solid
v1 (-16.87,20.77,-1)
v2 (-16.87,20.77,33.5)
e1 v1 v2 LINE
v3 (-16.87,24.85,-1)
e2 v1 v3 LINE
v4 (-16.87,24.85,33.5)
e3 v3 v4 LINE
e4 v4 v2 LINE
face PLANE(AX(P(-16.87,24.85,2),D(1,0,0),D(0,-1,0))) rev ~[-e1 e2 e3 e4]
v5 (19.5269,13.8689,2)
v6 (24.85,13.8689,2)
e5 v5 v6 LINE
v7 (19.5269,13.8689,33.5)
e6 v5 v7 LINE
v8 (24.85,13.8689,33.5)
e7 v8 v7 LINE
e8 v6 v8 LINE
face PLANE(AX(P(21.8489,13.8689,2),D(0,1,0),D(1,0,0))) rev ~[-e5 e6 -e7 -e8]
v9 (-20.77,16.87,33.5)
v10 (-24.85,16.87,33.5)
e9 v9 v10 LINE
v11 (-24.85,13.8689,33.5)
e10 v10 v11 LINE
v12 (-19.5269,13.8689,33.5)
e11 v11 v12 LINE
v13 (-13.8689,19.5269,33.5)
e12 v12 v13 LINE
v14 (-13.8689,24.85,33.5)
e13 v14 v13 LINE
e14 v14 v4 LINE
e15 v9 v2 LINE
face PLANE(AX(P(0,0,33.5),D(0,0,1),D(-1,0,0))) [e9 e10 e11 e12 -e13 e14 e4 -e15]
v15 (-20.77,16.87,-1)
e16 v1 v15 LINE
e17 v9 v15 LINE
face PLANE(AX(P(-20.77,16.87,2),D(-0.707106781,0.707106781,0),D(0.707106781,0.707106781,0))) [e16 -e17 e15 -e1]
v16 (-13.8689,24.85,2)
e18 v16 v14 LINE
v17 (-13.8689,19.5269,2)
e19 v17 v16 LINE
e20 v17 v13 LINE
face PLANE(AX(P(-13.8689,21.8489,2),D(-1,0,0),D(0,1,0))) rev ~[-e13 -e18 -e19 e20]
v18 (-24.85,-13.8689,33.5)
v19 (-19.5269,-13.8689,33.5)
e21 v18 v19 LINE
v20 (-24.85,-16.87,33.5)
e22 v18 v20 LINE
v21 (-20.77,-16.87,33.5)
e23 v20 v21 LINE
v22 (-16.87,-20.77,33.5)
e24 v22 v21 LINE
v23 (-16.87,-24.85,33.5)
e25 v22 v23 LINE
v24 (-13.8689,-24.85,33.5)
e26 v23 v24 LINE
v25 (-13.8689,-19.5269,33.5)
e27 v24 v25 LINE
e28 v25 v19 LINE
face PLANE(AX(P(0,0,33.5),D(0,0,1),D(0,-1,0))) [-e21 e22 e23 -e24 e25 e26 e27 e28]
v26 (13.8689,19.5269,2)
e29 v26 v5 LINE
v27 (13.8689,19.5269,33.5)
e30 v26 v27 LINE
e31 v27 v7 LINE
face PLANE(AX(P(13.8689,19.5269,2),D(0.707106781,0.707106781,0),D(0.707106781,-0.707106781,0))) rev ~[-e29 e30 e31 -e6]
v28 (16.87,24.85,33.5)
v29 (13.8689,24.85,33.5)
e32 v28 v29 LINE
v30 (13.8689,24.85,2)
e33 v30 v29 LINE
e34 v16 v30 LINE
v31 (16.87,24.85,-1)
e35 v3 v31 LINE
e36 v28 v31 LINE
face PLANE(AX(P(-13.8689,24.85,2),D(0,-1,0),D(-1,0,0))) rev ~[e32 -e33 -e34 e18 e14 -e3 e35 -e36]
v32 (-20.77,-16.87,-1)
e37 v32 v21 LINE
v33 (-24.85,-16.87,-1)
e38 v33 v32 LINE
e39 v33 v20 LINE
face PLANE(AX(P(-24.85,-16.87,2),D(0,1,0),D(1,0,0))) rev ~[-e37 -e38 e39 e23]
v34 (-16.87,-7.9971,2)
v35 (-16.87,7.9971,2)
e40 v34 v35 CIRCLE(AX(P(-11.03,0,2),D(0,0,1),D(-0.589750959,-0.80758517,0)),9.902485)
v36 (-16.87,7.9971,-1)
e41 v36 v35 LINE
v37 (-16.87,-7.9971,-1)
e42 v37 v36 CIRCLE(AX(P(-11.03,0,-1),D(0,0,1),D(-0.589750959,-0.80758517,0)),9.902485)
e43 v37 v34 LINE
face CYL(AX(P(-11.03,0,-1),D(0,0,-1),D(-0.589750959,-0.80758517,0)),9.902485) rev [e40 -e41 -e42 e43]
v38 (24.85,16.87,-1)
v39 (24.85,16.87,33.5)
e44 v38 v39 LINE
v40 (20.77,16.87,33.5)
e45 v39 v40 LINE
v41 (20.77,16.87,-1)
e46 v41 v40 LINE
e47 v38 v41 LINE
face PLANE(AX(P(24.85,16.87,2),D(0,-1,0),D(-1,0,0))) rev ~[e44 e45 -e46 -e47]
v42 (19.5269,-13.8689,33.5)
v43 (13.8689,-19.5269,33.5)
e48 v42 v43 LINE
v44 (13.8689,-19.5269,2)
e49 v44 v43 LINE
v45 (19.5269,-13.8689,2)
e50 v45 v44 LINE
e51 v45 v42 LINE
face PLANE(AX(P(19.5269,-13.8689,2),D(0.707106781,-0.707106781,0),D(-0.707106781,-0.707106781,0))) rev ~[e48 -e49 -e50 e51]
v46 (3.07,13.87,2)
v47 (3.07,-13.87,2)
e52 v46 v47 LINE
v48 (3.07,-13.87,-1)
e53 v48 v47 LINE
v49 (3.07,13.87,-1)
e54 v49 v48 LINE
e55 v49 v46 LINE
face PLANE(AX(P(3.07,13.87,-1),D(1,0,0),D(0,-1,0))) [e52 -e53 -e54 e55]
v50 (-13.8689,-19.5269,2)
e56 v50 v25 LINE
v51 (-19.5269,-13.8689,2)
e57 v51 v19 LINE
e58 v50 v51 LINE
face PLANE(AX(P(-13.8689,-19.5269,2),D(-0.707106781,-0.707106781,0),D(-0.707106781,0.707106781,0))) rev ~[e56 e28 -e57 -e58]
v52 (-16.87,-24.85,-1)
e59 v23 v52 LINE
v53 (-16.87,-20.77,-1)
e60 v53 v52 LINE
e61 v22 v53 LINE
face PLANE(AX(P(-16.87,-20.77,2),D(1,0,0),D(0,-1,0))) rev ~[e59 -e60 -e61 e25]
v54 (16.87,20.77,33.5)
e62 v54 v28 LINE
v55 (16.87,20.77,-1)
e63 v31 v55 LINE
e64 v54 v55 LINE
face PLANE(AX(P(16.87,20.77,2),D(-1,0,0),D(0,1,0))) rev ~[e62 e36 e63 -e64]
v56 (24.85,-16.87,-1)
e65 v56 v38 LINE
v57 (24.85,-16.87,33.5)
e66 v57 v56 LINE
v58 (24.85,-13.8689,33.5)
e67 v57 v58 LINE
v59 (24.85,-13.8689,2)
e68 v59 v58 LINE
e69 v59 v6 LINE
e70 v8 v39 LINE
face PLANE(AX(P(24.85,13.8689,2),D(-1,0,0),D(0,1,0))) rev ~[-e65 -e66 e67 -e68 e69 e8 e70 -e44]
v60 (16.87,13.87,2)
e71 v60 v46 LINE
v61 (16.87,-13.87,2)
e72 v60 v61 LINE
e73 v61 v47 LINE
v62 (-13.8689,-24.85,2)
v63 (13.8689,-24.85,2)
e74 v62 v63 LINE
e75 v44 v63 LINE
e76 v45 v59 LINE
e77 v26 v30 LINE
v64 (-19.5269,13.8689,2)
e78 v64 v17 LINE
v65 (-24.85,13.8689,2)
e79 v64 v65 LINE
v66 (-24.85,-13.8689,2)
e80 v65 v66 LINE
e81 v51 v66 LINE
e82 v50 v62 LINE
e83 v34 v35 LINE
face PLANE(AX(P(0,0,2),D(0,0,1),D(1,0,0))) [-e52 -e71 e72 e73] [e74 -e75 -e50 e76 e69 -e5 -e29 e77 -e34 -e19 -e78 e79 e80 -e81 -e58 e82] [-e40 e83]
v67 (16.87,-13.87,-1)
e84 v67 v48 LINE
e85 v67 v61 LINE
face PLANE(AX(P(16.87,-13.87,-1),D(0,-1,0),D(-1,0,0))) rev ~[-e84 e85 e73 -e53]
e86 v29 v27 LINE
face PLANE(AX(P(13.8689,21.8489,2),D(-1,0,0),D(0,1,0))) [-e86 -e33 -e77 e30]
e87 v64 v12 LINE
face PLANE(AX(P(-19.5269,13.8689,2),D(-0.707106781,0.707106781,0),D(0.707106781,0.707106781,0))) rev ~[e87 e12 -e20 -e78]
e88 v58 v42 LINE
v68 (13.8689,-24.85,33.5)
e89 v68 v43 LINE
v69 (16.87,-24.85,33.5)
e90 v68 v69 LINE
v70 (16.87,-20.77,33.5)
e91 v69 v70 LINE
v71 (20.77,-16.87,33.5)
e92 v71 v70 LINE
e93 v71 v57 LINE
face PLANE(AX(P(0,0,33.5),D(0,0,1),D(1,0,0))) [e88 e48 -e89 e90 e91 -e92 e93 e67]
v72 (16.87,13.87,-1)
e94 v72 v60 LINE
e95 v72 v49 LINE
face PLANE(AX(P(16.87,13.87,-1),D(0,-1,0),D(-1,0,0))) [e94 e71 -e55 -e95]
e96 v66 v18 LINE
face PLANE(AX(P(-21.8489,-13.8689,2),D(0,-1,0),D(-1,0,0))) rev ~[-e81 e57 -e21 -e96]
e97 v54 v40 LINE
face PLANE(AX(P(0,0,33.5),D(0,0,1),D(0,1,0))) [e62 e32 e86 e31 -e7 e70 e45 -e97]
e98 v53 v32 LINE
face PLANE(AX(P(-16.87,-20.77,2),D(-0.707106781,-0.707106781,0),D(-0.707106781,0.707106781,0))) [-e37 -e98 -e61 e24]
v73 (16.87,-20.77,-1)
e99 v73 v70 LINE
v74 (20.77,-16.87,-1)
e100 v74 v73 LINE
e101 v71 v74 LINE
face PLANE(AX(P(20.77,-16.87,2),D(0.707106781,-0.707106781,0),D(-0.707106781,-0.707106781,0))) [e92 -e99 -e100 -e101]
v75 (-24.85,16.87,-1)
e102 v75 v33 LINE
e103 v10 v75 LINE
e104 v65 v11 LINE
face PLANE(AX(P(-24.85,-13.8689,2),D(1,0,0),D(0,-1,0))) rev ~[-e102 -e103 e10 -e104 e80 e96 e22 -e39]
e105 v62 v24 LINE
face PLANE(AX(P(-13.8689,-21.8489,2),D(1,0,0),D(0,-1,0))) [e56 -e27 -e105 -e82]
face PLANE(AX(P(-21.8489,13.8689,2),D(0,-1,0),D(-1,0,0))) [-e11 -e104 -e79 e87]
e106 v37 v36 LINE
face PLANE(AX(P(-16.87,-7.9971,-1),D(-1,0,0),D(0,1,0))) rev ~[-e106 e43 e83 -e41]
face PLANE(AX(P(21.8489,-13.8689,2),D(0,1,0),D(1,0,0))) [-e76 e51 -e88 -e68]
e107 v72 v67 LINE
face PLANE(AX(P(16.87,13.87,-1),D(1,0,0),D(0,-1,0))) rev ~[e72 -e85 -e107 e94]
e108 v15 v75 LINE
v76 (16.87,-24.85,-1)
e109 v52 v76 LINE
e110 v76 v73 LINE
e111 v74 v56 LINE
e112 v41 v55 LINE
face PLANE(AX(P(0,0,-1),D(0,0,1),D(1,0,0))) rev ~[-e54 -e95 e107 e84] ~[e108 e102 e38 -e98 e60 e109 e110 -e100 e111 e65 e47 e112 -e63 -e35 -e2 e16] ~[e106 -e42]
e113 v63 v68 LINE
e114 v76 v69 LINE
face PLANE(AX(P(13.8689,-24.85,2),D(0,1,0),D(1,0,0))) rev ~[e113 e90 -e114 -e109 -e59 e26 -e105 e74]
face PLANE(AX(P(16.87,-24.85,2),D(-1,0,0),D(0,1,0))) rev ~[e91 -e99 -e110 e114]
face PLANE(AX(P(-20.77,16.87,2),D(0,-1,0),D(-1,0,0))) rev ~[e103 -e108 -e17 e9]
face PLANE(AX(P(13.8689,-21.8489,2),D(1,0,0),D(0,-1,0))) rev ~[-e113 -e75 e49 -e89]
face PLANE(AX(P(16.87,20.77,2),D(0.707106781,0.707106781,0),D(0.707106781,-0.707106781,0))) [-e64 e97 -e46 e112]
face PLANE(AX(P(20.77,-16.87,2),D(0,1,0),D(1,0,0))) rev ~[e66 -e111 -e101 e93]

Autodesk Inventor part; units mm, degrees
ref_plane "YZ Plane" through (0, 0, 0) normal (1, 0, 0) x (0, 1, 0)
ref_plane "XZ Plane" through (0, 0, 0) normal (0, 1, 0) x (-1, 0, 0)
ref_plane "Work Plane1" through (0, 0, -1) normal (0, 0, 1) x (1, 0, 0)
sketch "Sketch1" plane through (0, 0, -1) normal (0, 0, 1) x (1, 0, 0)
  arc A0 (24.85, 22.85) -> (22.85, 24.85) centre (22.85, 22.85) ccw construction
  line L0 (22.85, 24.85) -> (-16.97, 24.85) construction
  line L1 (-16.97, 24.85) -> (-16.97, 21.15) construction
  line L2 (-16.97, 21.15) -> (16.97, 21.15) construction
  line L3 (16.97, 16.97) -> (16.97, 21.15) construction
  line L4 (21.15, 16.97) -> (16.97, 16.97) construction
  line L5 (21.15, 16.97) -> (21.15, -16.97) construction
  line L6 (21.15, -16.97) -> (24.85, -16.97) construction
  line L7 (24.85, -16.97) -> (24.85, 22.85) construction
  line L8 (23.75, 23.25) -> (23.75, 18.15) construction
  arc A1 (23.25, 17.65) -> (23.75, 18.15) centre (23.25, 18.15) ccw construction
  line L9 (23.25, 17.65) -> (20.8937, 17.65) construction
  arc A2 (20.5239, 17.8134) -> (20.8937, 17.65) centre (20.8937, 18.15) ccw construction
  line L10 (20.5239, 17.8134) -> (17.7803, 20.8273) construction
  arc A3 (17.65, 21.1639) -> (17.7803, 20.8273) centre (18.15, 21.1639) ccw construction
  line L11 (17.65, 21.1639) -> (17.65, 23.25) construction
  arc A4 (18.15, 23.75) -> (17.65, 23.25) centre (18.15, 23.25) ccw construction
  line L12 (18.15, 23.75) -> (23.25, 23.75) construction
  arc A5 (23.75, 23.25) -> (23.25, 23.75) centre (23.25, 23.25) ccw construction
  arc A6 (-24.85, -22.85) -> (-22.85, -24.85) centre (-22.85, -22.85) ccw construction
  line L13 (-22.85, -24.85) -> (16.97, -24.85) construction
  line L14 (16.97, -24.85) -> (16.97, -21.15) construction
  line L15 (16.97, -21.15) -> (-16.97, -21.15) construction
  line L16 (-16.97, -16.97) -> (-16.97, -21.15) construction
  line L17 (-21.15, -16.97) -> (-16.97, -16.97) construction
  line L18 (-21.15, -16.97) -> (-21.15, 16.97) construction
  line L19 (-21.15, 16.97) -> (-24.85, 16.97) construction
  line L20 (-24.85, 16.97) -> (-24.85, -22.85) construction
  line L21 (-20.8273, -17.7803) -> (-17.8134, -20.5239) construction
  arc A7 (-17.65, -20.8937) -> (-17.8134, -20.5239) centre (-18.15, -20.8937) ccw construction
  line L22 (-17.65, -20.8937) -> (-17.65, -23.25) construction
  arc A8 (-18.15, -23.75) -> (-17.65, -23.25) centre (-18.15, -23.25) ccw construction
  line L23 (-18.15, -23.75) -> (-23.25, -23.75) construction
  arc A9 (-23.75, -23.25) -> (-23.25, -23.75) centre (-23.25, -23.25) ccw construction
  line L24 (-23.75, -23.25) -> (-23.75, -18.15) construction
  arc A10 (-23.25, -17.65) -> (-23.75, -18.15) centre (-23.25, -18.15) ccw construction
  line L25 (-23.25, -17.65) -> (-21.1639, -17.65) construction
  arc A11 (-20.8273, -17.7803) -> (-21.1639, -17.65) centre (-21.1639, -18.15) ccw construction
  arc A12 (-22.85, 24.85) -> (-24.85, 22.85) centre (-22.85, 22.85) ccw construction
  line L26 (-22.85, 24.85) -> (16.97, 24.85) construction
  line L27 (16.97, 24.85) -> (16.97, 21.15) construction
  line L28 (16.97, 21.15) -> (-16.97, 21.15) construction
  line L29 (-16.97, 16.97) -> (-16.97, 21.15) construction
  line L30 (-21.15, 16.97) -> (-16.97, 16.97) construction
  line L31 (-21.15, 16.97) -> (-21.15, -16.97) construction
  line L32 (-21.15, -16.97) -> (-24.85, -16.97) construction
  line L33 (-24.85, -16.97) -> (-24.85, 22.85) construction
  line L34 (-20.8273, 17.7803) -> (-17.8134, 20.5239) construction
  arc A13 (-17.8134, 20.5239) -> (-17.65, 20.8937) centre (-18.15, 20.8937) ccw construction
  line L35 (-17.65, 20.8937) -> (-17.65, 23.25) construction
  arc A14 (-17.65, 23.25) -> (-18.15, 23.75) centre (-18.15, 23.25) ccw construction
  line L36 (-18.15, 23.75) -> (-23.25, 23.75) construction
  arc A15 (-23.25, 23.75) -> (-23.75, 23.25) centre (-23.25, 23.25) ccw construction
  line L37 (-23.75, 23.25) -> (-23.75, 18.15) construction
  arc A16 (-23.75, 18.15) -> (-23.25, 17.65) centre (-23.25, 18.15) ccw construction
  line L38 (-23.25, 17.65) -> (-21.1639, 17.65) construction
  arc A17 (-21.1639, 17.65) -> (-20.8273, 17.7803) centre (-21.1639, 18.15) ccw construction
  arc A18 (22.85, -24.85) -> (24.85, -22.85) centre (22.85, -22.85) ccw construction
  line L39 (22.85, -24.85) -> (-16.97, -24.85) construction
  line L40 (-16.97, -24.85) -> (-16.97, -21.15) construction
  line L41 (-16.97, -21.15) -> (16.97, -21.15) construction
  line L42 (16.97, -16.97) -> (16.97, -21.15) construction
  line L43 (21.15, -16.97) -> (16.97, -16.97) construction
  line L44 (21.15, -16.97) -> (21.15, 16.97) construction
  line L45 (21.15, 16.97) -> (24.85, 16.97) construction
  line L46 (24.85, 16.97) -> (24.85, -22.85) construction
  line L47 (23.75, -23.25) -> (23.75, -18.15) construction
  arc A19 (23.75, -18.15) -> (23.25, -17.65) centre (23.25, -18.15) ccw construction
  line L48 (23.25, -17.65) -> (20.8937, -17.65) construction
  arc A20 (20.8937, -17.65) -> (20.5239, -17.8134) centre (20.8937, -18.15) ccw construction
  line L49 (20.5239, -17.8134) -> (17.7803, -20.8273) construction
  arc A21 (17.7803, -20.8273) -> (17.65, -21.1639) centre (18.15, -21.1639) ccw construction
  line L50 (17.65, -21.1639) -> (17.65, -23.25) construction
  arc A22 (17.65, -23.25) -> (18.15, -23.75) centre (18.15, -23.25) ccw construction
  line L51 (18.15, -23.75) -> (23.25, -23.75) construction
  arc A23 (23.25, -23.75) -> (23.75, -23.25) centre (23.25, -23.25) ccw construction
  line L52 (24.85, 16.87) -> (16.87, 16.87)
  line L53 (16.87, 16.87) -> (16.87, -16.87)
  line L54 (16.87, -16.87) -> (24.85, -16.87)
  line L55 (24.85, -16.87) -> (24.85, 16.87)
  line L56 (-16.87, 24.85) -> (16.87, 24.85)
  line L57 (16.87, 24.85) -> (16.87, 13.87)
  line L58 (16.87, 13.87) -> (-16.87, 13.87)
  line L59 (-16.87, 13.87) -> (-16.87, 24.85)
  line L60 (-16.87, 16.87) -> (-24.85, 16.87)
  line L61 (-24.85, 16.87) -> (-24.85, -16.87)
  line L62 (-24.85, -16.87) -> (-16.87, -16.87)
  line L63 (-16.87, -16.87) -> (-16.87, 16.87)
  line L64 (-16.87, -24.85) -> (16.87, -24.85)
  line L65 (16.87, -24.85) -> (16.87, -13.87)
  line L66 (16.87, -13.87) -> (-16.87, -13.87)
  line L67 (-16.87, -13.87) -> (-16.87, -24.85)
  arc A24 (12.6573, -5.8482) -> (12.7994, -6.05) centre (12.9383, -5.8013) ccw construction
  line L68 (12.7994, -6.05) -> (16.97, -6.05) construction
  line L69 (16.97, -6.05) -> (16.97, 6.05) construction
  line L70 (12.7994, 6.05) -> (16.97, 6.05) construction
  arc A25 (12.7994, 6.05) -> (12.6573, 5.8482) centre (12.9383, 5.8013) ccw construction
  arc A26 (12.2641, 5.5514) -> (12.6573, 5.8482) centre (11.7553, 6.6343) ccw construction
  arc A27 (12.2641, 5.5514) -> (12.1529, 5.425) centre (12.3846, 5.3332) ccw construction
  line L71 (12.1141, 4.928) -> (12.1529, 5.425) construction
  arc A28 (11.8955, 4.7) -> (12.1141, 4.928) centre (11.8656, 4.9475) ccw construction
  line L72 (11.4444, 4.7) -> (11.8955, 4.7) construction
  arc A29 (11.1961, 4.9275) -> (11.4444, 4.7) centre (11.4444, 4.9493) ccw construction
  line L73 (11.1642, 5.293) -> (11.1961, 4.9275) construction
  arc A30 (11.1642, 5.293) -> (11.0112, 5.5514) centre (10.9164, 5.3208) ccw construction
  arc A31 (10.4933, 5.8954) -> (11.0112, 5.5514) centre (11.4026, 6.7024) ccw construction
  arc A32 (10.4933, 5.8954) -> (10.27, 6.05) centre (10.2627, 5.8008) ccw construction
  line L74 (9.67, 6.05) -> (10.27, 6.05) construction
  line L75 (9.17, 5.55) -> (9.67, 6.05) construction
  line L76 (9.17, 5.55) -> (9.17, -5.55) construction
  line L77 (9.17, -5.55) -> (9.67, -6.05) construction
  line L78 (9.67, -6.05) -> (10.27, -6.05) construction
  arc A33 (10.27, -6.05) -> (10.4933, -5.8954) centre (10.2627, -5.8008) ccw construction
  arc A34 (11.0112, -5.5514) -> (10.4933, -5.8954) centre (11.4026, -6.7024) ccw construction
  arc A35 (11.0112, -5.5514) -> (11.1642, -5.293) centre (10.9164, -5.3208) ccw construction
  line L79 (11.1642, -5.293) -> (11.1961, -4.9275) construction
  arc A36 (11.4444, -4.7) -> (11.1961, -4.9275) centre (11.4444, -4.9493) ccw construction
  line L80 (11.4444, -4.7) -> (11.8955, -4.7) construction
  arc A37 (12.1141, -4.928) -> (11.8955, -4.7) centre (11.8656, -4.9475) ccw construction
  line L81 (12.1141, -4.928) -> (12.1529, -5.425) construction
  arc A38 (12.1529, -5.425) -> (12.2641, -5.5514) centre (12.3846, -5.3332) ccw construction
  arc A39 (12.6573, -5.8482) -> (12.2641, -5.5514) centre (11.7553, -6.6343) ccw construction
  circle A40 centre (-22.53, 11.5) radius 1.025 construction
  circle A41 centre (-22.53, -11.5) radius 1.025 construction
  line L82 (-11.03, -14.1) -> (-11.03, -12.75) construction
  arc A42 (-11.03, 12.75) -> (-11.03, -12.75) centre (-11.03, 0) ccw construction
  line L83 (-11.03, 12.75) -> (-11.03, 14.1) construction
  line L84 (-11.03, 14.1) -> (-22.53, 14.1) construction
  arc A43 (-22.53, 14.1) -> (-25.13, 11.5) centre (-22.53, 11.5) ccw construction
  line L85 (-25.13, 11.5) -> (-25.13, -11.5) construction
  arc A44 (-25.13, -11.5) -> (-22.53, -14.1) centre (-22.53, -11.5) ccw construction
  line L86 (-22.53, -14.1) -> (-11.03, -14.1) construction
  circle A45 centre (-11.03, 0) radius 12.75 construction
  circle A46 centre (0.47, 11.5) radius 1.025 construction
  circle A47 centre (0.47, -11.5) radius 1.025 construction
  circle A48 centre (-22.53, -11.5) radius 1.025 construction
  circle A49 centre (-22.53, 11.5) radius 1.025 construction
  line L87 (-22.53, -14.1) -> (0.47, -14.1) construction
  arc A50 (-25.13, -11.5) -> (-22.53, -14.1) centre (-22.53, -11.5) ccw construction
  line L88 (-25.13, 11.5) -> (-25.13, -11.5) construction
  arc A51 (-22.53, 14.1) -> (-25.13, 11.5) centre (-22.53, 11.5) ccw construction
  line L89 (0.47, 14.1) -> (-22.53, 14.1) construction
  arc A52 (3.07, 11.5) -> (0.47, 14.1) centre (0.47, 11.5) ccw construction
  line L90 (3.07, -11.5) -> (3.07, 11.5) construction
  arc A53 (0.47, -14.1) -> (3.07, -11.5) centre (0.47, -11.5) ccw construction
  line L91 (-16.87, 13.87) -> (3.07, 13.87)
  line L92 (3.07, 13.87) -> (3.07, -13.87)
  line L93 (3.07, -13.87) -> (-16.87, -13.87)
  line L94 (-16.87, -13.87) -> (-16.87, 13.87)
  circle A54 centre (-11.03, 0) radius 2.75 construction
  arc A55 (-16.87, -7.9971) -> (-16.87, 7.9971) centre (-11.03, 0) ccw
  line L95 (-16.87, 7.9971) -> (-16.87, -7.9971)
  point P0 (0, 0)
  dimension "d1" = 0.1
  dimension "d2" = 0.1
  dimension "d3" = 0.1
  dimension "d4" = 0.1
  dimension "d5" = 0.1
  dimension "d6" = 3
  dimension "d7" = 3
extrude "Extrusion1" add sketch "Sketch1" along normal blind 3 contours L55 L54 L53 L52 | L53 L58 L59 L56 L57 | L65 L64 L67 L63 L66 L53 | L92 L66 L63 A55 L58 | L63 L62 L61 L60 L59
chamfer "Chamfer1" distance 3.9 angle 45 4 edges at (16.87, -16.87, 0.5) (-16.87, -16.87, 0.5) (-16.87, 16.87, 0.5) (16.87, 16.87, 0.5)
sketch "Sketch2" plane through (0, 0, 2) normal (0, 0, 1) x (1, 0, 0)
  line L0 (3.07, 13.87) -> (16.87, 13.87) projected
  line L1 (16.87, 13.87) -> (16.87, -13.87) projected
  line L2 (16.87, -13.87) -> (3.07, -13.87) projected
  line L3 (-16.87, -20.77) -> (-16.87, -24.85) projected
  line L4 (-16.87, -24.85) -> (16.87, -24.85) projected
  line L5 (16.87, -24.85) -> (16.87, -20.77) projected
  line L6 (20.77, -16.87) -> (16.87, -20.77) projected
  line L7 (20.77, -16.87) -> (24.85, -16.87) projected
  line L8 (24.85, -16.87) -> (24.85, 16.87) projected
  line L9 (24.85, 16.87) -> (20.77, 16.87) projected
  line L10 (16.87, 20.77) -> (20.77, 16.87) projected
  line L11 (16.87, 20.77) -> (16.87, 24.85) projected
  line L12 (16.87, 24.85) -> (-16.87, 24.85) projected
  line L13 (-16.87, 24.85) -> (-16.87, 20.77) projected
  line L14 (-20.77, 16.87) -> (-16.87, 20.77) projected
  line L15 (-20.77, 16.87) -> (-24.85, 16.87) projected
  line L16 (-24.85, 16.87) -> (-24.85, -16.87) projected
  line L17 (-24.85, -16.87) -> (-20.77, -16.87) projected
  line L18 (-16.87, -20.77) -> (-20.77, -16.87) projected
  line L19 (13.8689, -19.5269) -> (13.8689, -21.8489)
  line L20 (-13.8689, -21.8489) -> (-13.8689, -19.5269)
  line L21 (-13.8689, -19.5269) -> (-19.5269, -13.8689)
  line L22 (-19.5269, -13.8689) -> (-21.8489, -13.8689)
  line L23 (-21.8489, 13.8689) -> (-19.5269, 13.8689)
  line L24 (-19.5269, 13.8689) -> (-13.8689, 19.5269)
  line L25 (-13.8689, 19.5269) -> (-13.8689, 21.8489)
  line L26 (13.8689, 21.8489) -> (13.8689, 19.5269)
  line L27 (13.8689, 19.5269) -> (19.5269, 13.8689)
  line L28 (19.5269, 13.8689) -> (21.8489, 13.8689)
  line L29 (21.8489, -13.8689) -> (19.5269, -13.8689)
  line L30 (19.5269, -13.8689) -> (13.8689, -19.5269)
  line L31 (13.8689, -21.8489) -> (13.8689, -24.85)
  line L32 (16.87, -24.85) -> (-16.87, -24.85) projected
  line L33 (21.8489, -13.8689) -> (24.85, -13.8689)
  line L34 (24.85, -16.87) -> (24.85, 16.87) projected
  line L35 (21.8489, 13.8689) -> (24.85, 13.8689)
  line L36 (13.8689, 21.8489) -> (13.8689, 24.85)
  line L37 (-13.8689, 21.8489) -> (-13.8689, 24.85)
  line L38 (-21.8489, 13.8689) -> (-24.85, 13.8689)
  line L39 (-21.8489, -13.8689) -> (-24.85, -13.8689)
  line L40 (-13.8689, -21.8489) -> (-13.8689, -24.85)
  line L41 (13.8689, -21.8489) -> (11.5469, -21.8489)
  line L42 (-11.5469, -21.8489) -> (-13.8689, -21.8489)
  line L43 (21.8489, 13.8689) -> (21.8489, 11.5469)
  line L44 (21.8489, -11.5469) -> (21.8489, -13.8689)
  line L45 (-21.8489, -13.8689) -> (-21.8489, -11.5469)
  line L46 (-21.8489, 11.5469) -> (-21.8489, 13.8689)
  line L47 (-13.8689, 21.8489) -> (-11.5469, 21.8489)
  line L48 (11.5469, 21.8489) -> (13.8689, 21.8489)
  line L49 (3.07, -13.87) -> (3.07, 13.87) projected
  point P0 (0, 0)
  dimension "d13" = 3.0011
ref_plane "Work Plane2" through (-16.97, -24.85, 34.1) normal (0, 0, -1) x (0, 1, 0)
extrude "Extrusion2" add sketch "Sketch2" along normal blind 31.5 contours L31 L19 L30 L29 L33 L8 L7 L6 L5 L4
pattern_circular "Circular Pattern1" count 4 over 360 about axis through (0, 0, 146.63) along (0, 0, -1) of "Extrusion2"
ref_plane "Work Plane9" through (-16.87, 0, -1) normal (0, 1, 0) x (1, 0, 0)
ref_plane "Work Plane10" through (0, -16.87, -1) normal (-1, 0, 0) x (0, 0, 1)
ref_plane "Work Plane11" through (0, 0, 16.25) normal (0, 0, -1) x (-1, 0, 0)
equation "\"d2\" = d1"
equation "\"d3\" = d1"
equation "\"d4\" = d1"
equation "\"d5\" = d1"
properties part number "20_Cube_Insert_Template_fullcube_v3"
